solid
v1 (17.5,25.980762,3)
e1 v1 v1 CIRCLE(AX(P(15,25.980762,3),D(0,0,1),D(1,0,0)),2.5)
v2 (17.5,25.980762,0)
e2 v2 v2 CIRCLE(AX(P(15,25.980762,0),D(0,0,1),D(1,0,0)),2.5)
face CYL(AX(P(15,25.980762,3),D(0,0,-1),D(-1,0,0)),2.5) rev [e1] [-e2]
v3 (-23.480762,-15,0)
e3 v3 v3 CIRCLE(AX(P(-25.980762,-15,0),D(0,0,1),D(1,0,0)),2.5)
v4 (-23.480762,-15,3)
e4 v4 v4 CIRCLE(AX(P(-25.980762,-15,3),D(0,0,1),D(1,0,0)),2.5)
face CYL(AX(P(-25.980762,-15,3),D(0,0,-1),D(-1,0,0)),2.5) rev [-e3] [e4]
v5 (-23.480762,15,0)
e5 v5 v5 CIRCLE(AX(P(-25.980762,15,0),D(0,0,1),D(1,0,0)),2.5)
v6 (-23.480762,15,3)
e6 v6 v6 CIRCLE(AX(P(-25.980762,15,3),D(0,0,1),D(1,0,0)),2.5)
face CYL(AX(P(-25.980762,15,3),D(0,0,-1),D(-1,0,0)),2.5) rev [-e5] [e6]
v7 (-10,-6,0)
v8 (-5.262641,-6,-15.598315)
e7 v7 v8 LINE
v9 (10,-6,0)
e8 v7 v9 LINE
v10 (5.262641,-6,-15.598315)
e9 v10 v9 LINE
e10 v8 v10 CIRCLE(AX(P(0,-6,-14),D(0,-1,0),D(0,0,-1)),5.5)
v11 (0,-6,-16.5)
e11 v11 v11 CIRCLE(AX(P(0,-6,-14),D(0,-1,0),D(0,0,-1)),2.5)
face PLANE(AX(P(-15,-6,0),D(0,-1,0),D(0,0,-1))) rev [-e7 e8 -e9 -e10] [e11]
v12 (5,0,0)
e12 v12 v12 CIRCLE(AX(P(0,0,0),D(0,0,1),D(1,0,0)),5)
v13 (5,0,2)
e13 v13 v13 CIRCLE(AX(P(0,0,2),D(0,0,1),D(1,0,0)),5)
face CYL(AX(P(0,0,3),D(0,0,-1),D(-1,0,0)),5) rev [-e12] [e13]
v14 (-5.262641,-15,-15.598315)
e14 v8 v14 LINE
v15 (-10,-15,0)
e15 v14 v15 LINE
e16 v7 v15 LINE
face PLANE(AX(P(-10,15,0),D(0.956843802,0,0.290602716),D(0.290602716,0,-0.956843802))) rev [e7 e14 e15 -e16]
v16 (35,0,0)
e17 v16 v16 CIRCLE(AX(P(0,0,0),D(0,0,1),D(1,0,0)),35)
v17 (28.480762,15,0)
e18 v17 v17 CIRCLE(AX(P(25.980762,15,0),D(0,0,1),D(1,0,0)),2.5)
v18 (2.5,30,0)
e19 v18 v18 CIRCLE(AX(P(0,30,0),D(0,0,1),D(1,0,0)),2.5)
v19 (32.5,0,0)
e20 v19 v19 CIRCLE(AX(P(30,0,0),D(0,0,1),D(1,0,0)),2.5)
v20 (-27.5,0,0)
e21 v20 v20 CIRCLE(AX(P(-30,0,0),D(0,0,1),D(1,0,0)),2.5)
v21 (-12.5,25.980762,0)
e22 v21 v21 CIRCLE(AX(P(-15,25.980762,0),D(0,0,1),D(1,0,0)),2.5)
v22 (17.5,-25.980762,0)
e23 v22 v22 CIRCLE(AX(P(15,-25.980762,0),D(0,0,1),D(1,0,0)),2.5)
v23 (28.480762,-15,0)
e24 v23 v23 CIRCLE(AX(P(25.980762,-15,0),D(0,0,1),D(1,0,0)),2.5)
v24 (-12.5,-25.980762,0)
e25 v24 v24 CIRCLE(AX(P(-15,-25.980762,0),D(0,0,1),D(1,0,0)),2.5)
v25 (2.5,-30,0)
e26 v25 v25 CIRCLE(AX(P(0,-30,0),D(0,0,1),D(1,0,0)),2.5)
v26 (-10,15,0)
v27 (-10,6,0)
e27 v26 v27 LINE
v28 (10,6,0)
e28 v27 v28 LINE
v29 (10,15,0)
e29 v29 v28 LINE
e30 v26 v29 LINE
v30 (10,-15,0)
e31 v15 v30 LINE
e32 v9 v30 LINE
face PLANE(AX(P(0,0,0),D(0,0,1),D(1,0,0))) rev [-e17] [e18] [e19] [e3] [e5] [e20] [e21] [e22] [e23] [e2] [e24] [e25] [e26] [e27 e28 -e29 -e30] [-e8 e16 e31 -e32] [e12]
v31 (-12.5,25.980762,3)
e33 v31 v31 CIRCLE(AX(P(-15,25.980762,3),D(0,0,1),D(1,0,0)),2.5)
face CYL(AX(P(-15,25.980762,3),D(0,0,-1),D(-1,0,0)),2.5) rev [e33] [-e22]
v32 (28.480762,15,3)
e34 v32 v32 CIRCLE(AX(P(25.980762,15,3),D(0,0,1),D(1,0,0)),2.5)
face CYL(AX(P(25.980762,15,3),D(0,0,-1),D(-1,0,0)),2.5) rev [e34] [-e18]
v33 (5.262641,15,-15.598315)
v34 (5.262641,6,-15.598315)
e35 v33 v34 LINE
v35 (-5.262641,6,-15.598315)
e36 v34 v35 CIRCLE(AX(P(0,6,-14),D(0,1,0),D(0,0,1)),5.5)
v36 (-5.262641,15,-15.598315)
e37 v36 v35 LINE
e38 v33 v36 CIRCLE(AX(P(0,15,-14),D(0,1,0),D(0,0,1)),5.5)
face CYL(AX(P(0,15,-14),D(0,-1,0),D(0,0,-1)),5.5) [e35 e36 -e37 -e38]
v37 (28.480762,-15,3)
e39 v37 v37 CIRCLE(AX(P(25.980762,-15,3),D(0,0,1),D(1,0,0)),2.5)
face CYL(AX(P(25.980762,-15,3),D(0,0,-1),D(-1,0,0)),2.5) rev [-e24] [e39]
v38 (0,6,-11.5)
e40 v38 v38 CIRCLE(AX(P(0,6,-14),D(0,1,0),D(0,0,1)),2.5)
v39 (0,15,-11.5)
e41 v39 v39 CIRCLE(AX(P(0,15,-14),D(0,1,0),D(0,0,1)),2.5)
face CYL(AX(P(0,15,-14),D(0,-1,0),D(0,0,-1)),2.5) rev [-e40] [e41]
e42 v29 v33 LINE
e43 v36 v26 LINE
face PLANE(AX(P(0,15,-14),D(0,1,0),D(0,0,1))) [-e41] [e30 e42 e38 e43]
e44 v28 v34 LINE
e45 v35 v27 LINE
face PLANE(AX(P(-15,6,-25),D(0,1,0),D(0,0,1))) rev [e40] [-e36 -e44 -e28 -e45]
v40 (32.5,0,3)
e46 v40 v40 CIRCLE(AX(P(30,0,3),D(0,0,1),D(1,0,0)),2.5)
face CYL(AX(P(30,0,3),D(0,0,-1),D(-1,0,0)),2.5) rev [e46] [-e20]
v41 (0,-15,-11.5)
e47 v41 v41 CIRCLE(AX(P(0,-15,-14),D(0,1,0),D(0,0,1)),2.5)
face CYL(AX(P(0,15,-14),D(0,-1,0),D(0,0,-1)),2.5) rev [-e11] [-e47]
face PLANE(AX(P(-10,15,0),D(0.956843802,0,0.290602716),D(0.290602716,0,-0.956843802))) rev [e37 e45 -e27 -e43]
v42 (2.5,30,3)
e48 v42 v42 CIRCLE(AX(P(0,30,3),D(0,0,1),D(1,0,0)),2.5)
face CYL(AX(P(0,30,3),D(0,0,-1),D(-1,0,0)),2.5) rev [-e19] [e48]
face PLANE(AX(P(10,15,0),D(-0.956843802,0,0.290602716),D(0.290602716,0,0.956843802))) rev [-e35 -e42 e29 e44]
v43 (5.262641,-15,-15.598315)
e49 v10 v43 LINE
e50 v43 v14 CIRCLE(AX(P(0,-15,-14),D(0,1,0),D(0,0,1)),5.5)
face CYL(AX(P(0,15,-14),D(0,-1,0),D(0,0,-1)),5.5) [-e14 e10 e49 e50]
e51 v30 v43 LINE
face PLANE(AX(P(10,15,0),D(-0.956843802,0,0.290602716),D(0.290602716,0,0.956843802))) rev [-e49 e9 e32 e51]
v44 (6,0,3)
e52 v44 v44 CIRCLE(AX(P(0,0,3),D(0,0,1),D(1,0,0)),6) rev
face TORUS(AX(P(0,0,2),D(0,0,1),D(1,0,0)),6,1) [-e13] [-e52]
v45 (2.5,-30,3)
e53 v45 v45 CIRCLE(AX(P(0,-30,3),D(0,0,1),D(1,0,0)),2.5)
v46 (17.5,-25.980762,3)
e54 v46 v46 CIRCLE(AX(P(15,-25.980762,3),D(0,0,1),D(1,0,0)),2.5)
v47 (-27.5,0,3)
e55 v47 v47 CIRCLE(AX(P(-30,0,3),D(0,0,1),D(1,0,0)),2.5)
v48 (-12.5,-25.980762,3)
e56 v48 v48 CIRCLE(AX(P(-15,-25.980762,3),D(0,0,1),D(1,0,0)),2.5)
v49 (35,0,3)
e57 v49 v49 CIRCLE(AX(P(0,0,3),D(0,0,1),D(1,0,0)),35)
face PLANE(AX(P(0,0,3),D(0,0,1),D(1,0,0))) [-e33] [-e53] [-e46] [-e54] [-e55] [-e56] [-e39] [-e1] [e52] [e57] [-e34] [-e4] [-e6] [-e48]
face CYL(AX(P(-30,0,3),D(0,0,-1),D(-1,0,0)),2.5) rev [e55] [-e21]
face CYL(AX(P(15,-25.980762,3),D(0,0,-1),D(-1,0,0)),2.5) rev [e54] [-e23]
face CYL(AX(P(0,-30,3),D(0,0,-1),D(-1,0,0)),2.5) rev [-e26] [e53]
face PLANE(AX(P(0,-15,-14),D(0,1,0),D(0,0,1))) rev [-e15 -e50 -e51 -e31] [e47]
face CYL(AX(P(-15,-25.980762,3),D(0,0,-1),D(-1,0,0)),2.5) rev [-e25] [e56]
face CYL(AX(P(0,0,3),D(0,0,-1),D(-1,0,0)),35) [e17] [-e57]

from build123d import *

# Parameters (mm, degrees)
SKETCH_3_R          = 2.5
EXTRUDE_1_DEPTH     = 15
SKETCH_4_W          = 25
SKETCH_4_H          = 12
CUT_EXTRUDE_1_DEPTH = 15
SKETCH_1_R          = 35
SKETCH_1_R_2        = 5
SKETCH_1_R_3        = 2.5
EXTRUDE_2_DEPTH     = 3
FILLET_1_R          = 1


with BuildPart() as part:
    # 스케치3 → 보스-돌출1 (new, symmetric)
    with BuildSketch(Plane(origin=(0, 0, 0), x_dir=(1, 0, 0), z_dir=(0, 1, 0))):
        with BuildLine():
            Line((-10, 0), (10, 0))
            Line((10, 0), (5.262640911, 15.598314937))
            ThreePointArc((5.262640911, 15.598314937), (0, 19.5), (-5.262640911, 15.598314937))
            Line((-5.262640911, 15.598314937), (-10, 0))
        make_face()
        with Locations(Location((0, 14, 0), (0, 0, 270))):
            Circle(SKETCH_3_R, mode=Mode.SUBTRACT)
    extrude(amount=EXTRUDE_1_DEPTH, both=True)

    # 스케치4 → 컷-돌출1 (cut, symmetric)
    with BuildSketch(Plane(origin=(0, 0, 0), x_dir=(0, 0, -1), z_dir=(1, 0, 0))):
        with Locations((12.5, 0)):
            Rectangle(SKETCH_4_W, SKETCH_4_H)
    extrude(amount=CUT_EXTRUDE_1_DEPTH, both=True, mode=Mode.SUBTRACT)


with BuildPart() as cut_extrude_1_piece_1:
    # of the separate pieces the step leaves, piece 1, a body of its own (cut_extrude_1_pieces)
    add(part.part.solids().sort_by_distance((-10, -6, 0))[0])



with BuildPart() as cut_extrude_1_piece_2:
    # of the separate pieces the step leaves, piece 2, a body of its own (cut_extrude_1_pieces)
    add(part.part.solids().sort_by_distance((-10, 15, 0))[0])


with BuildPart() as cut_extrude_1_piece_1_1:
    add(cut_extrude_1_piece_1.part)

    add(cut_extrude_1_piece_2.part)  # 보스-돌출2 merges 컷-돌출1 piece 2
    # 스케치1 → 보스-돌출2 (add)
    with BuildSketch(Plane.XY):
        Circle(SKETCH_1_R)
        Circle(SKETCH_1_R_2, mode=Mode.SUBTRACT)
        with Locations((0, 30)):
            Circle(SKETCH_1_R_3, mode=Mode.SUBTRACT)
        with Locations((15, 25.980762114)):
            Circle(SKETCH_1_R_3, mode=Mode.SUBTRACT)
        with Locations((25.980762114, 15)):
            Circle(SKETCH_1_R_3, mode=Mode.SUBTRACT)
        with Locations((30, 0)):
            Circle(SKETCH_1_R_3, mode=Mode.SUBTRACT)
        with Locations((25.980762114, -15)):
            Circle(SKETCH_1_R_3, mode=Mode.SUBTRACT)
        with Locations((15, -25.980762114)):
            Circle(SKETCH_1_R_3, mode=Mode.SUBTRACT)
        with Locations((0, -30)):
            Circle(SKETCH_1_R_3, mode=Mode.SUBTRACT)
        with Locations((-15, -25.980762114)):
            Circle(SKETCH_1_R_3, mode=Mode.SUBTRACT)
        with Locations((-25.980762114, -15)):
            Circle(SKETCH_1_R_3, mode=Mode.SUBTRACT)
        with Locations((-30, 0)):
            Circle(SKETCH_1_R_3, mode=Mode.SUBTRACT)
        with Locations((-25.980762114, 15)):
            Circle(SKETCH_1_R_3, mode=Mode.SUBTRACT)
        with Locations((-15, 25.980762114)):
            Circle(SKETCH_1_R_3, mode=Mode.SUBTRACT)
    extrude(amount=EXTRUDE_2_DEPTH)

    # 필렛1
    fillet_1_edges = [cut_extrude_1_piece_1_1.edges().sort_by_distance(p)[0] for p in [
        (-5, 0, 3),
    ]]
    fillet(fillet_1_edges, radius=FILLET_1_R)


solid = cut_extrude_1_piece_1_1.part
